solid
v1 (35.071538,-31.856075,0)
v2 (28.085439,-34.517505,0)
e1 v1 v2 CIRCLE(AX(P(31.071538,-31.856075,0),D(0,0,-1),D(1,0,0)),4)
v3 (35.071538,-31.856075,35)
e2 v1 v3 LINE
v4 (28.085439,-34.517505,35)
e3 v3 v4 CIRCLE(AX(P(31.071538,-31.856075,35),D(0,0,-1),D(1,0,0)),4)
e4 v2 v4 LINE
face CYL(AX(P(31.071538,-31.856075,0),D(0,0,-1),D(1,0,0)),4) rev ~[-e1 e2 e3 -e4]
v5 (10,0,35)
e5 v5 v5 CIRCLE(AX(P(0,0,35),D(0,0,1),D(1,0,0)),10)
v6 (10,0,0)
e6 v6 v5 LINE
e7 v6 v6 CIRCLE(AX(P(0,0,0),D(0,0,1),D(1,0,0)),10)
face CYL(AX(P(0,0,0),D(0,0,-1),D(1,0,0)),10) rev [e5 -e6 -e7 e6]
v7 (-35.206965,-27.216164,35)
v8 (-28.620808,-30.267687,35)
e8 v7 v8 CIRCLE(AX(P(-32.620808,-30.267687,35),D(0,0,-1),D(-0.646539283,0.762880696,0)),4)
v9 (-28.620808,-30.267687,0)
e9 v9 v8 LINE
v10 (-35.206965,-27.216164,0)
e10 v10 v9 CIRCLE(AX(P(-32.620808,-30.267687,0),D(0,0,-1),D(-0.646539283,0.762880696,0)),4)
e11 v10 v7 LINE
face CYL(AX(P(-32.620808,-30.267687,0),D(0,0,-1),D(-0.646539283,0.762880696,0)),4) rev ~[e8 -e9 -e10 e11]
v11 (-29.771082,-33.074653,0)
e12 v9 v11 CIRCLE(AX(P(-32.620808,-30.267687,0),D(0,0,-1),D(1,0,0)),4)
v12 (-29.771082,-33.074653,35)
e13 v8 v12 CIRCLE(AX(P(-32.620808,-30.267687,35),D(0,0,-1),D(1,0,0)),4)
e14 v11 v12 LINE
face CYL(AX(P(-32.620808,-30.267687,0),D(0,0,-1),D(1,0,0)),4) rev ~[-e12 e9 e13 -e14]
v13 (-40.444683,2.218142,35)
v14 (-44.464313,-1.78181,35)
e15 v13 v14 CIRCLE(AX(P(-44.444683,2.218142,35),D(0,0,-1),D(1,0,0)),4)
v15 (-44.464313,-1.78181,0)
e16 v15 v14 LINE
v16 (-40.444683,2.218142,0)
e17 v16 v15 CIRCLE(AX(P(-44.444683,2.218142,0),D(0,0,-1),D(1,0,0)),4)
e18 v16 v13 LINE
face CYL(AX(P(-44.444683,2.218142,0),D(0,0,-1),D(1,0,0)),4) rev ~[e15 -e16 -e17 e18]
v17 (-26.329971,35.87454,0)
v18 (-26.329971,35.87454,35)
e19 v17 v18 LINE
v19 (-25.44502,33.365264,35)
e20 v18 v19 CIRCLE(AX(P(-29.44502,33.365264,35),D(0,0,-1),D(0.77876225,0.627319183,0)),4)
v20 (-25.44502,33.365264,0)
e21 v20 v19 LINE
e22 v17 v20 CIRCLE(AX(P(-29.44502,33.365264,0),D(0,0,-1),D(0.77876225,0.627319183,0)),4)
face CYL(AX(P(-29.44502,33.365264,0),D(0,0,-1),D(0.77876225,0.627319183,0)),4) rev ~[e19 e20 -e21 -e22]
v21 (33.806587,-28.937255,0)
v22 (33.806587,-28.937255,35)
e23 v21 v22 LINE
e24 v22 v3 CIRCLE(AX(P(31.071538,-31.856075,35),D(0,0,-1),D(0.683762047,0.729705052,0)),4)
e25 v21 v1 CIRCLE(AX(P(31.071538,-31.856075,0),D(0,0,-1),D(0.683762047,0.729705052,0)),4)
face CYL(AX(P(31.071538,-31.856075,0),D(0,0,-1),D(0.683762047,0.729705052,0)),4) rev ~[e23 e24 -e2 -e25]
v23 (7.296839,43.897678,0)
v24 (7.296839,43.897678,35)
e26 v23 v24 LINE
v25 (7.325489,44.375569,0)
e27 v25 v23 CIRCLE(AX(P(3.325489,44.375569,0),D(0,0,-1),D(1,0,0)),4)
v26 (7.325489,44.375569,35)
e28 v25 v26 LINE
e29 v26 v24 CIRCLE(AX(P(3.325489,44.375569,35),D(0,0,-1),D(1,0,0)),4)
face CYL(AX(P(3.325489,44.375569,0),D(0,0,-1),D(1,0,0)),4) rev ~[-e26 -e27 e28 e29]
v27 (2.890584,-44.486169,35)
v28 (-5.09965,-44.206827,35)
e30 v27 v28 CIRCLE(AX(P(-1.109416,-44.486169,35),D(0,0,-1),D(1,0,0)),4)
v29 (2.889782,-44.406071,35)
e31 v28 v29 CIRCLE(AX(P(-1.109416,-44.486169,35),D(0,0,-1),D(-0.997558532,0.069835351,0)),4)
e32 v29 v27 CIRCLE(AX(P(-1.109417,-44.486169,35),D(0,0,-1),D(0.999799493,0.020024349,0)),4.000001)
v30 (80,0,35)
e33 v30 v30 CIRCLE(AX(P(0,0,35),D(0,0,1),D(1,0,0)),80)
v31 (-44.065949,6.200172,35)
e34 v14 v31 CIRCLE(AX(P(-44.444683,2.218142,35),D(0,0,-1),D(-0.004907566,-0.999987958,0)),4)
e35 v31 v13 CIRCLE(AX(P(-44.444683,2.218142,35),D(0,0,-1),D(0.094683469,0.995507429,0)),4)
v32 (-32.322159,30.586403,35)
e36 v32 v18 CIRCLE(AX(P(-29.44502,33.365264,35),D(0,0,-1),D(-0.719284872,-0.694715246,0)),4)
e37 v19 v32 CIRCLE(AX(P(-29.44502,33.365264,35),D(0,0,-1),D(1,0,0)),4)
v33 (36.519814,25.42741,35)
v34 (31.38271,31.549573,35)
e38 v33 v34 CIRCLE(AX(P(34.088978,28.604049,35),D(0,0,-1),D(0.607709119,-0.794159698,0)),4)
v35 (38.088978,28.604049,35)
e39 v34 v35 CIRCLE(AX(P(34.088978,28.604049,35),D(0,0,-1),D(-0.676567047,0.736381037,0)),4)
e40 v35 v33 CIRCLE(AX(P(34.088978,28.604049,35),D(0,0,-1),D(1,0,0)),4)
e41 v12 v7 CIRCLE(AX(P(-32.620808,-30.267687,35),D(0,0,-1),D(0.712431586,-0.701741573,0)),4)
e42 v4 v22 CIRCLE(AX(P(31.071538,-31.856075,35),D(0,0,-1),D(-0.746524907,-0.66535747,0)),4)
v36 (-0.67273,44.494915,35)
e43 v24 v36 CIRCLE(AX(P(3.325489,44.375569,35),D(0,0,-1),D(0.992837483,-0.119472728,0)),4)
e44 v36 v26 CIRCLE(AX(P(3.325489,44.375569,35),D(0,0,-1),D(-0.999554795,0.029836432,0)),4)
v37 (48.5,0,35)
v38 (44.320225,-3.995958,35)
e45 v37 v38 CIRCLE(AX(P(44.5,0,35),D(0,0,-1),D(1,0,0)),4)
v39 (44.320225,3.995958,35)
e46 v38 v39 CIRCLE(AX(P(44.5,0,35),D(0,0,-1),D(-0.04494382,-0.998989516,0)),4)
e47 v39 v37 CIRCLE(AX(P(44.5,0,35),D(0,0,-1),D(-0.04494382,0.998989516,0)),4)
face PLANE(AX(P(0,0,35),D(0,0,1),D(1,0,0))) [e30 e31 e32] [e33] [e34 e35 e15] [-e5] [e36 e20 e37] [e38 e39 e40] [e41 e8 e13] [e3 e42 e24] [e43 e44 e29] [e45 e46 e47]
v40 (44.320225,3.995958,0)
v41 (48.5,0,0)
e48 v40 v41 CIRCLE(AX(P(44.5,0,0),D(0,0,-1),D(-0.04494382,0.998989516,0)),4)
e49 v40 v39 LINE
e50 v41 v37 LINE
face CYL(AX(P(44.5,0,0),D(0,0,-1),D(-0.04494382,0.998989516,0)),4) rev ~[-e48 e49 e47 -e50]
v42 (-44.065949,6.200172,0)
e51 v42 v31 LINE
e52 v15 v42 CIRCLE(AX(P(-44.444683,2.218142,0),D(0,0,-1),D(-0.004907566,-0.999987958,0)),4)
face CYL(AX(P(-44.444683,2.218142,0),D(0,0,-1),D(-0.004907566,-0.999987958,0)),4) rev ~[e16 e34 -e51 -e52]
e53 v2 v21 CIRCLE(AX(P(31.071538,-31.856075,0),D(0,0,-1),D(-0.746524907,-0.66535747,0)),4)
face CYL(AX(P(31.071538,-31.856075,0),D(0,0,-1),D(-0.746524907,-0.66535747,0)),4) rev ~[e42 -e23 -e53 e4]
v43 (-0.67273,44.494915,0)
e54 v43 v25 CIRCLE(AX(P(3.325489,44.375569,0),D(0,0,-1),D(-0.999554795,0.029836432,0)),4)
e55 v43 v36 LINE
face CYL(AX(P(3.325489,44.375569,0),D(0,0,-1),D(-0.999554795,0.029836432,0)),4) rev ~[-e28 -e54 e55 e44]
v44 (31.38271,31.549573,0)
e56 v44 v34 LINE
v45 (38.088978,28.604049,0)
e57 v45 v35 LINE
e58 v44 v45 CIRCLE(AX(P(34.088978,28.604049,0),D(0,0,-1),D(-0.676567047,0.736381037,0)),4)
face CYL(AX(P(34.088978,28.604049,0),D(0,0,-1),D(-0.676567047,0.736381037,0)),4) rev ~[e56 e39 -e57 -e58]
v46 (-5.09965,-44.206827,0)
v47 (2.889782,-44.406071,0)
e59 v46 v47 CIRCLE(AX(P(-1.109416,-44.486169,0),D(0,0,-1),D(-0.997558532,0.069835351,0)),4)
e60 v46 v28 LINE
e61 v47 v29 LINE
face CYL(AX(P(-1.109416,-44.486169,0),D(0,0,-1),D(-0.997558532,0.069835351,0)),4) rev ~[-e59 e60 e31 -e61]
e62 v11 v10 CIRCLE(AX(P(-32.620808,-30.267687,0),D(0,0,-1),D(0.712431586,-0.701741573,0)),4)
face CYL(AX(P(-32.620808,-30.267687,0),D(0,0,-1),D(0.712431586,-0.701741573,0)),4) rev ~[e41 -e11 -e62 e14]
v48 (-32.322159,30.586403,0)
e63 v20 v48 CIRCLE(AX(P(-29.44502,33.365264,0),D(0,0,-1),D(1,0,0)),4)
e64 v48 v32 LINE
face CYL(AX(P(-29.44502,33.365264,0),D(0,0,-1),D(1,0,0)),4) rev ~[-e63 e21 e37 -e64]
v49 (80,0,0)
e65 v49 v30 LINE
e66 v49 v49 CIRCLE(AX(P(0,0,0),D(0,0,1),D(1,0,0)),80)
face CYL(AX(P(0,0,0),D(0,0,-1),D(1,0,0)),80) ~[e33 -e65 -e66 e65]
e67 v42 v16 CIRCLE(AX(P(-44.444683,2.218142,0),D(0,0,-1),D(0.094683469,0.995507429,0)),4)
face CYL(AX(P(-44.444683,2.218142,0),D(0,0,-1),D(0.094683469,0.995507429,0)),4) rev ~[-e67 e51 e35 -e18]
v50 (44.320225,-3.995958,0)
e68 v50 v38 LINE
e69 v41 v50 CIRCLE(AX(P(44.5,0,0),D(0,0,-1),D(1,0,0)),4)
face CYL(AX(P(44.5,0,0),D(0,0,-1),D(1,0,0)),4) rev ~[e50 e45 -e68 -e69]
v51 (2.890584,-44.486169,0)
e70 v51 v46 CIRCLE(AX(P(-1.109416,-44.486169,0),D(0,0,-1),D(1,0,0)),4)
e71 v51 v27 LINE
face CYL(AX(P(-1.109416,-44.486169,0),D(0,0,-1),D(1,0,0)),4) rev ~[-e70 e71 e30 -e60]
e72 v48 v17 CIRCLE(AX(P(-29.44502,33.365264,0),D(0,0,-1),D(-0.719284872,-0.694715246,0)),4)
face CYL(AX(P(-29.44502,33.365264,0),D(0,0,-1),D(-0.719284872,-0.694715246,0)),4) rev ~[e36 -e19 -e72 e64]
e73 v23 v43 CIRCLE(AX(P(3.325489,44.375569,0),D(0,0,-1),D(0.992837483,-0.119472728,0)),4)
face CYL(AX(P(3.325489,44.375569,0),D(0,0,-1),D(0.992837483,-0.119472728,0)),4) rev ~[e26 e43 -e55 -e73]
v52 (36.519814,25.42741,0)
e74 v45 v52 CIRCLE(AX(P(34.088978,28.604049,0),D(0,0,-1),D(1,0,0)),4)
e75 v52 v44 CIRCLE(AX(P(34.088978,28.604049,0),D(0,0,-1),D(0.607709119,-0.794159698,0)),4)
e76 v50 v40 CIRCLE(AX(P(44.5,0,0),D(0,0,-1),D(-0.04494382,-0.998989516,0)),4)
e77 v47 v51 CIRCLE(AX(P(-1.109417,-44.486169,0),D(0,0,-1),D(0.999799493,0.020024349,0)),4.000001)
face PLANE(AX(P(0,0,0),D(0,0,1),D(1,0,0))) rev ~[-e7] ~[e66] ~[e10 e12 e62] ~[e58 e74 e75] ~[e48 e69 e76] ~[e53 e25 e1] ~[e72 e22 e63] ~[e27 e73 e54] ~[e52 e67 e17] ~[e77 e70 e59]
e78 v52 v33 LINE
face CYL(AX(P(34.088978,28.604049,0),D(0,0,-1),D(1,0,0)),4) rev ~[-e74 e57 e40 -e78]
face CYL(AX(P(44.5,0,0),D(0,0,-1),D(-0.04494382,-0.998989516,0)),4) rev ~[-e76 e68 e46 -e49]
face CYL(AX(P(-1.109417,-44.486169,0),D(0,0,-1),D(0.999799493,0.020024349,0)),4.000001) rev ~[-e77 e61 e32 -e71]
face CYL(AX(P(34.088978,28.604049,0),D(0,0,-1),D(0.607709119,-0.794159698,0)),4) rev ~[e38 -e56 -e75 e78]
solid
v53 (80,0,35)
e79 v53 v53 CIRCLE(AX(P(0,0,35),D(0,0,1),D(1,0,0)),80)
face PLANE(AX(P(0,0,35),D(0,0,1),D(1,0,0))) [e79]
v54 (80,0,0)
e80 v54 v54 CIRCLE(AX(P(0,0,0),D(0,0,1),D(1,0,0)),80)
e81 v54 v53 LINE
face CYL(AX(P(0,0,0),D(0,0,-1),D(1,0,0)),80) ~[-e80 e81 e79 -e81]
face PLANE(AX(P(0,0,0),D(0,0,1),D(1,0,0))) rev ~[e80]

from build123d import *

# Parameters (mm, degrees)
F1_R     = 80
F1_R_2   = 10
F2_DEPTH = 35
F0_R     = 80


with BuildPart() as f2:
    # F1 (on face) → F2 (new body)
    with BuildSketch(Plane.XY):
        Circle(F1_R)
        with BuildLine():
            ThreePointArc((36.5198141961, 25.4274098382), (41.816321625, 15.219896378), (44.3202247191, 3.9959580639))
            ThreePointArc((44.3202247191, 3.9959580639), (47.2641362915, 2.8912887372), (48.5, 0))
            ThreePointArc((48.5, 0), (47.2641362915, -2.8912887372), (44.3202247191, -3.9959580639))
            ThreePointArc((44.3202247191, -3.9959580639), (41.0056914282, -17.2853484342), (33.8065865937, -28.9372545844))
            ThreePointArc((33.8065865937, -28.9372545844), (34.7417013955, -30.2655077164), (35.0715384048, -31.8560747921))
            ThreePointArc((35.0715384048, -31.8560747921), (32.4955470922, -35.5940153023), (28.0854387758, -34.5175046719))
            ThreePointArc((28.0854387758, -34.5175046719), (16.2576755843, -41.4238818147), (2.889782188, -44.4060711942))
            ThreePointArc((2.889782188, -44.4060711942), (2.8903837052, -44.446117889), (2.8905842177, -44.486168599))
            ThreePointArc((2.8905842177, -44.486168599), (-1.249171812, -48.483726385), (-5.0996499084, -44.2068271968))
            ThreePointArc((-5.0996499084, -44.2068271968), (-18.3022760893, -40.5620104279), (-29.7710819539, -33.0746531243))
            ThreePointArc((-29.7710819539, -33.0746531243), (-35.5530157837, -32.9883777819), (-35.2069654266, -27.2161640473))
            ThreePointArc((-35.2069654266, -27.2161640473), (-41.816321625, -15.219896378), (-44.4643132569, -1.7818099194))
            ThreePointArc((-44.4643132569, -1.7818099194), (-48.4397106791, 2.4175254545), (-44.0659491194, 6.200171627))
            ThreePointArc((-44.0659491194, 6.200171627), (-40.0931146217, 19.3078263907), (-32.3221592599, 30.5864025472))
            ThreePointArc((-32.3221592599, 30.5864025472), (-32.0917631234, 36.3643883439), (-26.3299707716, 35.8745402642))
            ThreePointArc((-26.3299707716, 35.8745402642), (-14.1726559362, 42.1827669044), (-0.6727300137, 44.4949147019))
            ThreePointArc((-0.6727300137, 44.4949147019), (3.385168671, 48.3751237443), (7.3254891646, 44.3755689746))
            ThreePointArc((7.3254891646, 44.3755689746), (7.3183202232, 44.1361945028), (7.2968390957, 43.8976780617))
            ThreePointArc((7.2968390957, 43.8976780617), (20.3013742522, 39.5992954921), (31.3827095316, 31.5495727777))
            ThreePointArc((31.3827095316, 31.5495727777), (35.6975372065, 32.2663616126), (38.0889777188, 28.6040486311))
            ThreePointArc((38.0889777188, 28.6040486311), (37.6752951831, 26.8325162308), (36.5198141961, 25.4274098382))
        make_face(mode=Mode.SUBTRACT)
        with BuildLine():
            ThreePointArc((44.3202247191, -3.9959580639), (40.5, 0), (44.3202247191, 3.9959580639))
            ThreePointArc((44.3202247191, 3.9959580639), (41.816321625, 15.219896378), (36.5198141961, 25.4274098382))
            ThreePointArc((36.5198141961, 25.4274098382), (31.0247999463, 26.0328981923), (31.3827095316, 31.5495727777))
            ThreePointArc((31.3827095316, 31.5495727777), (20.3013742522, 39.5992954921), (7.2968390957, 43.8976780617))
            ThreePointArc((7.2968390957, 43.8976780617), (3.0265687903, 40.3867537858), (-0.6727300137, 44.4949147019))
            ThreePointArc((-0.6727300137, 44.4949147019), (-14.1726559362, 42.1827669044), (-26.3299707716, 35.8745402642))
            ThreePointArc((-26.3299707716, 35.8745402642), (-25.6727395604, 34.6956401694), (-25.4450197731, 33.3652635321))
            ThreePointArc((-25.4450197731, 33.3652635321), (-27.9464467764, 29.6565873567), (-32.3221592599, 30.5864025472))
            ThreePointArc((-32.3221592599, 30.5864025472), (-40.0931146217, 19.3078263907), (-44.0659491194, 6.200171627))
            ThreePointArc((-44.0659491194, 6.200171627), (-41.4853810918, 4.9093372319), (-40.4446829942, 2.2181419119))
            ThreePointArc((-40.4446829942, 2.2181419119), (-41.6232047514, -0.6172170646), (-44.4643132569, -1.7818099194))
            ThreePointArc((-44.4643132569, -1.7818099194), (-41.816321625, -15.219896378), (-35.2069654266, -27.2161640473))
            ThreePointArc((-35.2069654266, -27.2161640473), (-30.9392358955, -26.6383185304), (-28.6208082964, -30.2676868308))
            ThreePointArc((-28.6208082964, -30.2676868308), (-28.919531127, -31.7844423533), (-29.7710819539, -33.0746531243))
            ThreePointArc((-29.7710819539, -33.0746531243), (-18.3022760893, -40.5620104279), (-5.0996499084, -44.2068271968))
            ThreePointArc((-5.0996499084, -44.2068271968), (-1.0096930154, -40.487411871), (2.889782188, -44.4060711942))
            ThreePointArc((2.889782188, -44.4060711942), (16.2576755843, -41.4238818147), (28.0854387758, -34.5175046719))
            ThreePointArc((28.0854387758, -34.5175046719), (28.2785911325, -28.992607395), (33.8065865937, -28.9372545844))
            ThreePointArc((33.8065865937, -28.9372545844), (41.0056914282, -17.2853484342), (44.3202247191, -3.9959580639))
        make_face()
        Circle(F1_R_2, mode=Mode.SUBTRACT)
    extrude(amount=F2_DEPTH)


with BuildPart() as f2b:
    # F0 (on Top) → F2, piece 2 (new body)
    with BuildSketch(Plane.XY):
        Circle(F0_R)
    extrude(amount=F2_DEPTH)


solid = Compound([f2.part, f2b.part])
